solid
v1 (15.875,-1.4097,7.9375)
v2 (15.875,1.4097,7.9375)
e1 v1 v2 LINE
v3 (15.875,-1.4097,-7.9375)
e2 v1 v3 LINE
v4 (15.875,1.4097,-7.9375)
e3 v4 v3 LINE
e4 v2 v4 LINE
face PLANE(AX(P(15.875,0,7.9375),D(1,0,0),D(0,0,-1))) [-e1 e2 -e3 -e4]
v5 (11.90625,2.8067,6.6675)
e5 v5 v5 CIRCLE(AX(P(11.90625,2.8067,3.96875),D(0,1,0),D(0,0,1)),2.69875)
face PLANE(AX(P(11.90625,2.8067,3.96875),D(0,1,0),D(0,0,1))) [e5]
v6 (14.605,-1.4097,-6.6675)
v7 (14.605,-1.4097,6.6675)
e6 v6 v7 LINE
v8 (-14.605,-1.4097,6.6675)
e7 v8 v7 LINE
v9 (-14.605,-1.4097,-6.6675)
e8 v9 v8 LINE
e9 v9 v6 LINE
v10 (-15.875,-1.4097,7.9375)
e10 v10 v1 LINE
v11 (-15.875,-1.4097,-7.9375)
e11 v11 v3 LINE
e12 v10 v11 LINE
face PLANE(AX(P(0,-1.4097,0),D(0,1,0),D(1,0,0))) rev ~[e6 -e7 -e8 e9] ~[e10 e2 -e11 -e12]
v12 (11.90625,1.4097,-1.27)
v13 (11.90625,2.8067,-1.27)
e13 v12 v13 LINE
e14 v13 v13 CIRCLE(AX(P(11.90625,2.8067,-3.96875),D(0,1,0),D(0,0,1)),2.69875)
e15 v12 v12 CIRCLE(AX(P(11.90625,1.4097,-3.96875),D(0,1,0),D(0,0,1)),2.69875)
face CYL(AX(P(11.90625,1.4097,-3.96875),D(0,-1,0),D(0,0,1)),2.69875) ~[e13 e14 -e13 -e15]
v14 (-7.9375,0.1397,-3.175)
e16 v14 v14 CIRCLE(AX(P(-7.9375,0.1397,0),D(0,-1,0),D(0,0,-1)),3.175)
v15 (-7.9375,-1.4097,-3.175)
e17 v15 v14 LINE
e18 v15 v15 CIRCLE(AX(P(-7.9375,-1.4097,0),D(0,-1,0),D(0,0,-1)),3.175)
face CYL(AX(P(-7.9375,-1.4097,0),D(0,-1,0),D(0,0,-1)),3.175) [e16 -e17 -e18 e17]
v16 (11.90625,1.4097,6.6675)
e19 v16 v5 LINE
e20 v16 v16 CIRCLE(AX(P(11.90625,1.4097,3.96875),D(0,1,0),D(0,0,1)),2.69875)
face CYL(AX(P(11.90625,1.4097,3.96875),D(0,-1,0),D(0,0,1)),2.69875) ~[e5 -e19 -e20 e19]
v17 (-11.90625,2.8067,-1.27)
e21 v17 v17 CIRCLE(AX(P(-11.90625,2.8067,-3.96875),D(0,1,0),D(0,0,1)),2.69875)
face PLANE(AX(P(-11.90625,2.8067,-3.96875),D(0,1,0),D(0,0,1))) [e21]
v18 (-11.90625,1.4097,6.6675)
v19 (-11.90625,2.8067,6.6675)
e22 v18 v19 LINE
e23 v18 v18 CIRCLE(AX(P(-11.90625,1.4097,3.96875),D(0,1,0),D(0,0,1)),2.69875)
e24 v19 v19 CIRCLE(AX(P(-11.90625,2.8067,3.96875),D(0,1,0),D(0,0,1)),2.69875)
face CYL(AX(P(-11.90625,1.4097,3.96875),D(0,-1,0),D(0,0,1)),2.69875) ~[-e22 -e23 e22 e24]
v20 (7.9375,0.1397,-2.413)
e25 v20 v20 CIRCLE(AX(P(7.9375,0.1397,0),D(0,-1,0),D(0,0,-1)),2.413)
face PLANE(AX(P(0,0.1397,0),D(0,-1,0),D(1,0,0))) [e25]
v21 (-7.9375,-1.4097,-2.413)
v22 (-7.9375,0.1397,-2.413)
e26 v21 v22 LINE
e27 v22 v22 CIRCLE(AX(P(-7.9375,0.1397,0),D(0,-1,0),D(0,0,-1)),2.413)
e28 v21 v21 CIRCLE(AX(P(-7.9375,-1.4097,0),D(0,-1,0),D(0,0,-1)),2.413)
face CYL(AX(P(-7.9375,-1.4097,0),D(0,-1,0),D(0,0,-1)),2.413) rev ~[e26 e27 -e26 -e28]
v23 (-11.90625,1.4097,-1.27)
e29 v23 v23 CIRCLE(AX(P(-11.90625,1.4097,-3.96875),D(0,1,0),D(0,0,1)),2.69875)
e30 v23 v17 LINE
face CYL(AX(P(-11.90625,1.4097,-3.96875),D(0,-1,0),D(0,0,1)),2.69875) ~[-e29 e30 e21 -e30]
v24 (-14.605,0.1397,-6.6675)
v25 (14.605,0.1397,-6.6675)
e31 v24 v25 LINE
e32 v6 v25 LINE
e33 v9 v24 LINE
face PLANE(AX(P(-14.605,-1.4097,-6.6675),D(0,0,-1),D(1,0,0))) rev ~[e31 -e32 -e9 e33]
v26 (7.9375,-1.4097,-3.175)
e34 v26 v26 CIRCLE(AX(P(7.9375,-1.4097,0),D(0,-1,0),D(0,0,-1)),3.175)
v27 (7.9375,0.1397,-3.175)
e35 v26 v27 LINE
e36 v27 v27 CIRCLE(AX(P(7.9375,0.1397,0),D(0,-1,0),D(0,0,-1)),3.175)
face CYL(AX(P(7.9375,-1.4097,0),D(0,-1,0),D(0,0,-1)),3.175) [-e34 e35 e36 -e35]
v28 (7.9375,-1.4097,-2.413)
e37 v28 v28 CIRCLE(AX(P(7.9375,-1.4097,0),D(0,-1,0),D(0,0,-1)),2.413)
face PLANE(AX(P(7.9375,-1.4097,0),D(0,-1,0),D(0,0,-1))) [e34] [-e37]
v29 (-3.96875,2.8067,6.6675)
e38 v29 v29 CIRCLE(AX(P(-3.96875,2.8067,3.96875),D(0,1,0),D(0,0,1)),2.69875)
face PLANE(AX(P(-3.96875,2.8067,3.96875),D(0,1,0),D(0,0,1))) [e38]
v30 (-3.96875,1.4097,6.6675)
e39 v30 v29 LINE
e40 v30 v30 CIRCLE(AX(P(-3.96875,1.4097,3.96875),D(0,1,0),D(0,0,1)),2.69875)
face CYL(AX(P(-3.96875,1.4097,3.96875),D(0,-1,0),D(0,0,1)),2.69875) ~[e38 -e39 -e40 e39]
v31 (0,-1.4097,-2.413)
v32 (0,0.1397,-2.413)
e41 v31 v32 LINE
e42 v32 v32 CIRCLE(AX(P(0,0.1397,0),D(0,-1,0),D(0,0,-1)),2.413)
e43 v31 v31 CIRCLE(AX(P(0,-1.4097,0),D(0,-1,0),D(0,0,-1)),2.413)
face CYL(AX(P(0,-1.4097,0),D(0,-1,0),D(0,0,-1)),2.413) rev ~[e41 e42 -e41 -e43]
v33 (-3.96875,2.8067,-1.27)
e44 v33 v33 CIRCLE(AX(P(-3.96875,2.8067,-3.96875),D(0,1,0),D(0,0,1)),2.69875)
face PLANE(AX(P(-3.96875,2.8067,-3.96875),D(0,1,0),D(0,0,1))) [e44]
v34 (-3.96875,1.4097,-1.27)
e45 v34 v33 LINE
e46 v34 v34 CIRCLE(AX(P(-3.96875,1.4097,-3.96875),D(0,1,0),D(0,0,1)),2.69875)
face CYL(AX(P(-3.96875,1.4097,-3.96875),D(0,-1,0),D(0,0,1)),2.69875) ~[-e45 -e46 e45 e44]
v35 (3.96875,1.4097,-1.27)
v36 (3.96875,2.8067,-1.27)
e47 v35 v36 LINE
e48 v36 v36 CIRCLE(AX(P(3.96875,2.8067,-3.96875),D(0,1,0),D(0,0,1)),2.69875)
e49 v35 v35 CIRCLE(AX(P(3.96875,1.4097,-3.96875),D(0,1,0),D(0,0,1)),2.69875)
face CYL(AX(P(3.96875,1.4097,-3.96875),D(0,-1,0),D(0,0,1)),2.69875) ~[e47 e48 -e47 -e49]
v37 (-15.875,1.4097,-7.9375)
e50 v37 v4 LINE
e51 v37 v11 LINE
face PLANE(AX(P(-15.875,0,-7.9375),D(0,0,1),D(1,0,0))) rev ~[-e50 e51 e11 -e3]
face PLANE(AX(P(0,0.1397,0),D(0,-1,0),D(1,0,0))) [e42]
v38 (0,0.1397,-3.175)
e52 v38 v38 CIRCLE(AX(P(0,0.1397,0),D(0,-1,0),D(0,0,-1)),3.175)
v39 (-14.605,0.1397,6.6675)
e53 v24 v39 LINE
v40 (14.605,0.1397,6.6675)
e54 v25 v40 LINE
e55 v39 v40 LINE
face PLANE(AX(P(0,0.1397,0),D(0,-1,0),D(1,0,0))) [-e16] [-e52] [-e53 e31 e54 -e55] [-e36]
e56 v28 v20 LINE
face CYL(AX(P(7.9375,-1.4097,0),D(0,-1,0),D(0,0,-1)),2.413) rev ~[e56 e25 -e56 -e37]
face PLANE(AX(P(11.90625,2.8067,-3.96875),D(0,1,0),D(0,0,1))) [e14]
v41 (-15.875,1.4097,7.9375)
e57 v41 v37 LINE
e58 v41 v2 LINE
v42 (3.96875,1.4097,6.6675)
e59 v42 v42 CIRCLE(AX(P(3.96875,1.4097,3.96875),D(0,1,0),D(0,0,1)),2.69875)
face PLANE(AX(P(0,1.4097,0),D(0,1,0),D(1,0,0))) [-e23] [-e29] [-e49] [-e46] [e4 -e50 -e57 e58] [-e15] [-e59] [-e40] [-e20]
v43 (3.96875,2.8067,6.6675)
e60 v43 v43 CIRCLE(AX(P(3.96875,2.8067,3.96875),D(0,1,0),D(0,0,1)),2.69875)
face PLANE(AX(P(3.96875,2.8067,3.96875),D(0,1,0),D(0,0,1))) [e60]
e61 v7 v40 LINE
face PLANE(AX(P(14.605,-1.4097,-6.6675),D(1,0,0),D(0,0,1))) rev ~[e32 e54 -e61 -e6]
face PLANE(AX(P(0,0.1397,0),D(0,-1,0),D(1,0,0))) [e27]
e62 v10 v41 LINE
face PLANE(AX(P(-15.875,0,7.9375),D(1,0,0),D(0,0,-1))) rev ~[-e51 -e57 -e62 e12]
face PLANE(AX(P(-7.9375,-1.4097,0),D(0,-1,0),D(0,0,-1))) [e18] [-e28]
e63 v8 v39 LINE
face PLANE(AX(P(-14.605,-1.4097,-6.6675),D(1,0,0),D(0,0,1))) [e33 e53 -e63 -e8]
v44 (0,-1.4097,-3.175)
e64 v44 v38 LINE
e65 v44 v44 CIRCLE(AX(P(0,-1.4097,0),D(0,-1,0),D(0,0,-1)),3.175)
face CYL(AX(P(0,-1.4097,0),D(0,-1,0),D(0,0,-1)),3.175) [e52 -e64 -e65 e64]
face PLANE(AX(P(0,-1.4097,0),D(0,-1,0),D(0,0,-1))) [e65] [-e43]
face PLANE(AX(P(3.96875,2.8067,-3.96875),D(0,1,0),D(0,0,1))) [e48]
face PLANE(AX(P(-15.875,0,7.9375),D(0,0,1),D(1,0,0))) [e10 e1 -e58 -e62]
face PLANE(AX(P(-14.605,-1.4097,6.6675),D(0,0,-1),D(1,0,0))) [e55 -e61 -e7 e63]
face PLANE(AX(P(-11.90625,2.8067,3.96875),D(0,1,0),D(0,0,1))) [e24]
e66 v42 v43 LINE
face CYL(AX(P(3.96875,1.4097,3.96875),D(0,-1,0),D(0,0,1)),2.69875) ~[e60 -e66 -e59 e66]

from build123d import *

# Parameters (mm, degrees)
SKETCH1_W            = 31.75
SKETCH1_H            = 15.875
BOSS_EXTRUDE1_DEPTH  = 1.4097
SKETCH2_W            = 29.21
SKETCH2_H            = 13.335
SKETCH2_R            = 3.175
SKETCH2_R_2          = 2.413
CUT_EXTRUDE1_DEPTH   = 1.5494
SKETCH3_R            = 2.69875
BOSS_EXTRUDE2_DEPTH  = 1.397
LPATTERN1_COUNT      = 4
LPATTERN1_PITCH      = 7.9375
LPATTERN1_COUNT_DIR2 = 2
LPATTERN1_PITCH_DIR2 = 7.9375
SKETCH2_3_R          = 3.175
SKETCH2_3_R_2        = 2.413
BOSS_EXTRUDE3_DEPTH  = 1.5494
LPATTERN2_COUNT      = 2
LPATTERN2_PITCH      = 7.9375
LPATTERN2_COL_COUNT  = 2
LPATTERN2_COL_PITCH  = 7.9375


with BuildPart() as part:
    # Sketch1 → Boss-Extrude1 (new, symmetric)
    with BuildSketch(Plane(origin=(0, 0, 0), x_dir=(1, 0, 0), z_dir=(0, 1, 0))):
        Rectangle(SKETCH1_W, SKETCH1_H)
    extrude(amount=BOSS_EXTRUDE1_DEPTH, both=True)

    # Sketch2 → Cut-Extrude1 (cut)
    with BuildSketch(Plane.XZ.offset(1.4097)):
        Rectangle(SKETCH2_W, SKETCH2_H)
        Circle(SKETCH2_R, mode=Mode.SUBTRACT)
        Circle(SKETCH2_R)
        Circle(SKETCH2_R_2, mode=Mode.SUBTRACT)
        Circle(SKETCH2_R_2)
    extrude(amount=-CUT_EXTRUDE1_DEPTH, mode=Mode.SUBTRACT)

    # Sketch3 → Boss-Extrude2 (add)
    with BuildSketch(Plane(origin=(0, 1.4097, 0), x_dir=(1, 0, 0), z_dir=(0, 1, 0))):
        with Locations(Location((11.90625, -3.96875, 0), (0, 0, 270))):
            Circle(SKETCH3_R)
    boss_extrude2 = extrude(amount=BOSS_EXTRUDE2_DEPTH)

    # LPattern1: Boss-Extrude2 4 × 2
    with Locations(*[(-i * LPATTERN1_PITCH, 0, -j * LPATTERN1_PITCH_DIR2) for i in range(LPATTERN1_COUNT) for j in range(LPATTERN1_COUNT_DIR2) if (i, j) != (0, 0)]):
        add(boss_extrude2)

    # Sketch2_3 → Boss-Extrude3 (add)
    with BuildSketch(Plane.XZ.offset(1.4097)):
        with Locations(Location((0, 0, 0), (0, 0, 270))):
            Circle(SKETCH2_3_R)
        with Locations(Location((0, 0, 0), (0, 0, 270))):
            Circle(SKETCH2_3_R_2, mode=Mode.SUBTRACT)
    boss_extrude3 = extrude(amount=-BOSS_EXTRUDE3_DEPTH)

    # LPattern2: Boss-Extrude3 ×2
    with Locations(*[(i * LPATTERN2_PITCH, 0, 0) for i in range(1, LPATTERN2_COUNT)]):
        add(boss_extrude3)

    # LPattern2 col: Boss-Extrude3 ×2
    with Locations(*[(-i * LPATTERN2_COL_PITCH, 0, 0) for i in range(1, LPATTERN2_COL_COUNT)]):
        add(boss_extrude3)


solid = part.part
